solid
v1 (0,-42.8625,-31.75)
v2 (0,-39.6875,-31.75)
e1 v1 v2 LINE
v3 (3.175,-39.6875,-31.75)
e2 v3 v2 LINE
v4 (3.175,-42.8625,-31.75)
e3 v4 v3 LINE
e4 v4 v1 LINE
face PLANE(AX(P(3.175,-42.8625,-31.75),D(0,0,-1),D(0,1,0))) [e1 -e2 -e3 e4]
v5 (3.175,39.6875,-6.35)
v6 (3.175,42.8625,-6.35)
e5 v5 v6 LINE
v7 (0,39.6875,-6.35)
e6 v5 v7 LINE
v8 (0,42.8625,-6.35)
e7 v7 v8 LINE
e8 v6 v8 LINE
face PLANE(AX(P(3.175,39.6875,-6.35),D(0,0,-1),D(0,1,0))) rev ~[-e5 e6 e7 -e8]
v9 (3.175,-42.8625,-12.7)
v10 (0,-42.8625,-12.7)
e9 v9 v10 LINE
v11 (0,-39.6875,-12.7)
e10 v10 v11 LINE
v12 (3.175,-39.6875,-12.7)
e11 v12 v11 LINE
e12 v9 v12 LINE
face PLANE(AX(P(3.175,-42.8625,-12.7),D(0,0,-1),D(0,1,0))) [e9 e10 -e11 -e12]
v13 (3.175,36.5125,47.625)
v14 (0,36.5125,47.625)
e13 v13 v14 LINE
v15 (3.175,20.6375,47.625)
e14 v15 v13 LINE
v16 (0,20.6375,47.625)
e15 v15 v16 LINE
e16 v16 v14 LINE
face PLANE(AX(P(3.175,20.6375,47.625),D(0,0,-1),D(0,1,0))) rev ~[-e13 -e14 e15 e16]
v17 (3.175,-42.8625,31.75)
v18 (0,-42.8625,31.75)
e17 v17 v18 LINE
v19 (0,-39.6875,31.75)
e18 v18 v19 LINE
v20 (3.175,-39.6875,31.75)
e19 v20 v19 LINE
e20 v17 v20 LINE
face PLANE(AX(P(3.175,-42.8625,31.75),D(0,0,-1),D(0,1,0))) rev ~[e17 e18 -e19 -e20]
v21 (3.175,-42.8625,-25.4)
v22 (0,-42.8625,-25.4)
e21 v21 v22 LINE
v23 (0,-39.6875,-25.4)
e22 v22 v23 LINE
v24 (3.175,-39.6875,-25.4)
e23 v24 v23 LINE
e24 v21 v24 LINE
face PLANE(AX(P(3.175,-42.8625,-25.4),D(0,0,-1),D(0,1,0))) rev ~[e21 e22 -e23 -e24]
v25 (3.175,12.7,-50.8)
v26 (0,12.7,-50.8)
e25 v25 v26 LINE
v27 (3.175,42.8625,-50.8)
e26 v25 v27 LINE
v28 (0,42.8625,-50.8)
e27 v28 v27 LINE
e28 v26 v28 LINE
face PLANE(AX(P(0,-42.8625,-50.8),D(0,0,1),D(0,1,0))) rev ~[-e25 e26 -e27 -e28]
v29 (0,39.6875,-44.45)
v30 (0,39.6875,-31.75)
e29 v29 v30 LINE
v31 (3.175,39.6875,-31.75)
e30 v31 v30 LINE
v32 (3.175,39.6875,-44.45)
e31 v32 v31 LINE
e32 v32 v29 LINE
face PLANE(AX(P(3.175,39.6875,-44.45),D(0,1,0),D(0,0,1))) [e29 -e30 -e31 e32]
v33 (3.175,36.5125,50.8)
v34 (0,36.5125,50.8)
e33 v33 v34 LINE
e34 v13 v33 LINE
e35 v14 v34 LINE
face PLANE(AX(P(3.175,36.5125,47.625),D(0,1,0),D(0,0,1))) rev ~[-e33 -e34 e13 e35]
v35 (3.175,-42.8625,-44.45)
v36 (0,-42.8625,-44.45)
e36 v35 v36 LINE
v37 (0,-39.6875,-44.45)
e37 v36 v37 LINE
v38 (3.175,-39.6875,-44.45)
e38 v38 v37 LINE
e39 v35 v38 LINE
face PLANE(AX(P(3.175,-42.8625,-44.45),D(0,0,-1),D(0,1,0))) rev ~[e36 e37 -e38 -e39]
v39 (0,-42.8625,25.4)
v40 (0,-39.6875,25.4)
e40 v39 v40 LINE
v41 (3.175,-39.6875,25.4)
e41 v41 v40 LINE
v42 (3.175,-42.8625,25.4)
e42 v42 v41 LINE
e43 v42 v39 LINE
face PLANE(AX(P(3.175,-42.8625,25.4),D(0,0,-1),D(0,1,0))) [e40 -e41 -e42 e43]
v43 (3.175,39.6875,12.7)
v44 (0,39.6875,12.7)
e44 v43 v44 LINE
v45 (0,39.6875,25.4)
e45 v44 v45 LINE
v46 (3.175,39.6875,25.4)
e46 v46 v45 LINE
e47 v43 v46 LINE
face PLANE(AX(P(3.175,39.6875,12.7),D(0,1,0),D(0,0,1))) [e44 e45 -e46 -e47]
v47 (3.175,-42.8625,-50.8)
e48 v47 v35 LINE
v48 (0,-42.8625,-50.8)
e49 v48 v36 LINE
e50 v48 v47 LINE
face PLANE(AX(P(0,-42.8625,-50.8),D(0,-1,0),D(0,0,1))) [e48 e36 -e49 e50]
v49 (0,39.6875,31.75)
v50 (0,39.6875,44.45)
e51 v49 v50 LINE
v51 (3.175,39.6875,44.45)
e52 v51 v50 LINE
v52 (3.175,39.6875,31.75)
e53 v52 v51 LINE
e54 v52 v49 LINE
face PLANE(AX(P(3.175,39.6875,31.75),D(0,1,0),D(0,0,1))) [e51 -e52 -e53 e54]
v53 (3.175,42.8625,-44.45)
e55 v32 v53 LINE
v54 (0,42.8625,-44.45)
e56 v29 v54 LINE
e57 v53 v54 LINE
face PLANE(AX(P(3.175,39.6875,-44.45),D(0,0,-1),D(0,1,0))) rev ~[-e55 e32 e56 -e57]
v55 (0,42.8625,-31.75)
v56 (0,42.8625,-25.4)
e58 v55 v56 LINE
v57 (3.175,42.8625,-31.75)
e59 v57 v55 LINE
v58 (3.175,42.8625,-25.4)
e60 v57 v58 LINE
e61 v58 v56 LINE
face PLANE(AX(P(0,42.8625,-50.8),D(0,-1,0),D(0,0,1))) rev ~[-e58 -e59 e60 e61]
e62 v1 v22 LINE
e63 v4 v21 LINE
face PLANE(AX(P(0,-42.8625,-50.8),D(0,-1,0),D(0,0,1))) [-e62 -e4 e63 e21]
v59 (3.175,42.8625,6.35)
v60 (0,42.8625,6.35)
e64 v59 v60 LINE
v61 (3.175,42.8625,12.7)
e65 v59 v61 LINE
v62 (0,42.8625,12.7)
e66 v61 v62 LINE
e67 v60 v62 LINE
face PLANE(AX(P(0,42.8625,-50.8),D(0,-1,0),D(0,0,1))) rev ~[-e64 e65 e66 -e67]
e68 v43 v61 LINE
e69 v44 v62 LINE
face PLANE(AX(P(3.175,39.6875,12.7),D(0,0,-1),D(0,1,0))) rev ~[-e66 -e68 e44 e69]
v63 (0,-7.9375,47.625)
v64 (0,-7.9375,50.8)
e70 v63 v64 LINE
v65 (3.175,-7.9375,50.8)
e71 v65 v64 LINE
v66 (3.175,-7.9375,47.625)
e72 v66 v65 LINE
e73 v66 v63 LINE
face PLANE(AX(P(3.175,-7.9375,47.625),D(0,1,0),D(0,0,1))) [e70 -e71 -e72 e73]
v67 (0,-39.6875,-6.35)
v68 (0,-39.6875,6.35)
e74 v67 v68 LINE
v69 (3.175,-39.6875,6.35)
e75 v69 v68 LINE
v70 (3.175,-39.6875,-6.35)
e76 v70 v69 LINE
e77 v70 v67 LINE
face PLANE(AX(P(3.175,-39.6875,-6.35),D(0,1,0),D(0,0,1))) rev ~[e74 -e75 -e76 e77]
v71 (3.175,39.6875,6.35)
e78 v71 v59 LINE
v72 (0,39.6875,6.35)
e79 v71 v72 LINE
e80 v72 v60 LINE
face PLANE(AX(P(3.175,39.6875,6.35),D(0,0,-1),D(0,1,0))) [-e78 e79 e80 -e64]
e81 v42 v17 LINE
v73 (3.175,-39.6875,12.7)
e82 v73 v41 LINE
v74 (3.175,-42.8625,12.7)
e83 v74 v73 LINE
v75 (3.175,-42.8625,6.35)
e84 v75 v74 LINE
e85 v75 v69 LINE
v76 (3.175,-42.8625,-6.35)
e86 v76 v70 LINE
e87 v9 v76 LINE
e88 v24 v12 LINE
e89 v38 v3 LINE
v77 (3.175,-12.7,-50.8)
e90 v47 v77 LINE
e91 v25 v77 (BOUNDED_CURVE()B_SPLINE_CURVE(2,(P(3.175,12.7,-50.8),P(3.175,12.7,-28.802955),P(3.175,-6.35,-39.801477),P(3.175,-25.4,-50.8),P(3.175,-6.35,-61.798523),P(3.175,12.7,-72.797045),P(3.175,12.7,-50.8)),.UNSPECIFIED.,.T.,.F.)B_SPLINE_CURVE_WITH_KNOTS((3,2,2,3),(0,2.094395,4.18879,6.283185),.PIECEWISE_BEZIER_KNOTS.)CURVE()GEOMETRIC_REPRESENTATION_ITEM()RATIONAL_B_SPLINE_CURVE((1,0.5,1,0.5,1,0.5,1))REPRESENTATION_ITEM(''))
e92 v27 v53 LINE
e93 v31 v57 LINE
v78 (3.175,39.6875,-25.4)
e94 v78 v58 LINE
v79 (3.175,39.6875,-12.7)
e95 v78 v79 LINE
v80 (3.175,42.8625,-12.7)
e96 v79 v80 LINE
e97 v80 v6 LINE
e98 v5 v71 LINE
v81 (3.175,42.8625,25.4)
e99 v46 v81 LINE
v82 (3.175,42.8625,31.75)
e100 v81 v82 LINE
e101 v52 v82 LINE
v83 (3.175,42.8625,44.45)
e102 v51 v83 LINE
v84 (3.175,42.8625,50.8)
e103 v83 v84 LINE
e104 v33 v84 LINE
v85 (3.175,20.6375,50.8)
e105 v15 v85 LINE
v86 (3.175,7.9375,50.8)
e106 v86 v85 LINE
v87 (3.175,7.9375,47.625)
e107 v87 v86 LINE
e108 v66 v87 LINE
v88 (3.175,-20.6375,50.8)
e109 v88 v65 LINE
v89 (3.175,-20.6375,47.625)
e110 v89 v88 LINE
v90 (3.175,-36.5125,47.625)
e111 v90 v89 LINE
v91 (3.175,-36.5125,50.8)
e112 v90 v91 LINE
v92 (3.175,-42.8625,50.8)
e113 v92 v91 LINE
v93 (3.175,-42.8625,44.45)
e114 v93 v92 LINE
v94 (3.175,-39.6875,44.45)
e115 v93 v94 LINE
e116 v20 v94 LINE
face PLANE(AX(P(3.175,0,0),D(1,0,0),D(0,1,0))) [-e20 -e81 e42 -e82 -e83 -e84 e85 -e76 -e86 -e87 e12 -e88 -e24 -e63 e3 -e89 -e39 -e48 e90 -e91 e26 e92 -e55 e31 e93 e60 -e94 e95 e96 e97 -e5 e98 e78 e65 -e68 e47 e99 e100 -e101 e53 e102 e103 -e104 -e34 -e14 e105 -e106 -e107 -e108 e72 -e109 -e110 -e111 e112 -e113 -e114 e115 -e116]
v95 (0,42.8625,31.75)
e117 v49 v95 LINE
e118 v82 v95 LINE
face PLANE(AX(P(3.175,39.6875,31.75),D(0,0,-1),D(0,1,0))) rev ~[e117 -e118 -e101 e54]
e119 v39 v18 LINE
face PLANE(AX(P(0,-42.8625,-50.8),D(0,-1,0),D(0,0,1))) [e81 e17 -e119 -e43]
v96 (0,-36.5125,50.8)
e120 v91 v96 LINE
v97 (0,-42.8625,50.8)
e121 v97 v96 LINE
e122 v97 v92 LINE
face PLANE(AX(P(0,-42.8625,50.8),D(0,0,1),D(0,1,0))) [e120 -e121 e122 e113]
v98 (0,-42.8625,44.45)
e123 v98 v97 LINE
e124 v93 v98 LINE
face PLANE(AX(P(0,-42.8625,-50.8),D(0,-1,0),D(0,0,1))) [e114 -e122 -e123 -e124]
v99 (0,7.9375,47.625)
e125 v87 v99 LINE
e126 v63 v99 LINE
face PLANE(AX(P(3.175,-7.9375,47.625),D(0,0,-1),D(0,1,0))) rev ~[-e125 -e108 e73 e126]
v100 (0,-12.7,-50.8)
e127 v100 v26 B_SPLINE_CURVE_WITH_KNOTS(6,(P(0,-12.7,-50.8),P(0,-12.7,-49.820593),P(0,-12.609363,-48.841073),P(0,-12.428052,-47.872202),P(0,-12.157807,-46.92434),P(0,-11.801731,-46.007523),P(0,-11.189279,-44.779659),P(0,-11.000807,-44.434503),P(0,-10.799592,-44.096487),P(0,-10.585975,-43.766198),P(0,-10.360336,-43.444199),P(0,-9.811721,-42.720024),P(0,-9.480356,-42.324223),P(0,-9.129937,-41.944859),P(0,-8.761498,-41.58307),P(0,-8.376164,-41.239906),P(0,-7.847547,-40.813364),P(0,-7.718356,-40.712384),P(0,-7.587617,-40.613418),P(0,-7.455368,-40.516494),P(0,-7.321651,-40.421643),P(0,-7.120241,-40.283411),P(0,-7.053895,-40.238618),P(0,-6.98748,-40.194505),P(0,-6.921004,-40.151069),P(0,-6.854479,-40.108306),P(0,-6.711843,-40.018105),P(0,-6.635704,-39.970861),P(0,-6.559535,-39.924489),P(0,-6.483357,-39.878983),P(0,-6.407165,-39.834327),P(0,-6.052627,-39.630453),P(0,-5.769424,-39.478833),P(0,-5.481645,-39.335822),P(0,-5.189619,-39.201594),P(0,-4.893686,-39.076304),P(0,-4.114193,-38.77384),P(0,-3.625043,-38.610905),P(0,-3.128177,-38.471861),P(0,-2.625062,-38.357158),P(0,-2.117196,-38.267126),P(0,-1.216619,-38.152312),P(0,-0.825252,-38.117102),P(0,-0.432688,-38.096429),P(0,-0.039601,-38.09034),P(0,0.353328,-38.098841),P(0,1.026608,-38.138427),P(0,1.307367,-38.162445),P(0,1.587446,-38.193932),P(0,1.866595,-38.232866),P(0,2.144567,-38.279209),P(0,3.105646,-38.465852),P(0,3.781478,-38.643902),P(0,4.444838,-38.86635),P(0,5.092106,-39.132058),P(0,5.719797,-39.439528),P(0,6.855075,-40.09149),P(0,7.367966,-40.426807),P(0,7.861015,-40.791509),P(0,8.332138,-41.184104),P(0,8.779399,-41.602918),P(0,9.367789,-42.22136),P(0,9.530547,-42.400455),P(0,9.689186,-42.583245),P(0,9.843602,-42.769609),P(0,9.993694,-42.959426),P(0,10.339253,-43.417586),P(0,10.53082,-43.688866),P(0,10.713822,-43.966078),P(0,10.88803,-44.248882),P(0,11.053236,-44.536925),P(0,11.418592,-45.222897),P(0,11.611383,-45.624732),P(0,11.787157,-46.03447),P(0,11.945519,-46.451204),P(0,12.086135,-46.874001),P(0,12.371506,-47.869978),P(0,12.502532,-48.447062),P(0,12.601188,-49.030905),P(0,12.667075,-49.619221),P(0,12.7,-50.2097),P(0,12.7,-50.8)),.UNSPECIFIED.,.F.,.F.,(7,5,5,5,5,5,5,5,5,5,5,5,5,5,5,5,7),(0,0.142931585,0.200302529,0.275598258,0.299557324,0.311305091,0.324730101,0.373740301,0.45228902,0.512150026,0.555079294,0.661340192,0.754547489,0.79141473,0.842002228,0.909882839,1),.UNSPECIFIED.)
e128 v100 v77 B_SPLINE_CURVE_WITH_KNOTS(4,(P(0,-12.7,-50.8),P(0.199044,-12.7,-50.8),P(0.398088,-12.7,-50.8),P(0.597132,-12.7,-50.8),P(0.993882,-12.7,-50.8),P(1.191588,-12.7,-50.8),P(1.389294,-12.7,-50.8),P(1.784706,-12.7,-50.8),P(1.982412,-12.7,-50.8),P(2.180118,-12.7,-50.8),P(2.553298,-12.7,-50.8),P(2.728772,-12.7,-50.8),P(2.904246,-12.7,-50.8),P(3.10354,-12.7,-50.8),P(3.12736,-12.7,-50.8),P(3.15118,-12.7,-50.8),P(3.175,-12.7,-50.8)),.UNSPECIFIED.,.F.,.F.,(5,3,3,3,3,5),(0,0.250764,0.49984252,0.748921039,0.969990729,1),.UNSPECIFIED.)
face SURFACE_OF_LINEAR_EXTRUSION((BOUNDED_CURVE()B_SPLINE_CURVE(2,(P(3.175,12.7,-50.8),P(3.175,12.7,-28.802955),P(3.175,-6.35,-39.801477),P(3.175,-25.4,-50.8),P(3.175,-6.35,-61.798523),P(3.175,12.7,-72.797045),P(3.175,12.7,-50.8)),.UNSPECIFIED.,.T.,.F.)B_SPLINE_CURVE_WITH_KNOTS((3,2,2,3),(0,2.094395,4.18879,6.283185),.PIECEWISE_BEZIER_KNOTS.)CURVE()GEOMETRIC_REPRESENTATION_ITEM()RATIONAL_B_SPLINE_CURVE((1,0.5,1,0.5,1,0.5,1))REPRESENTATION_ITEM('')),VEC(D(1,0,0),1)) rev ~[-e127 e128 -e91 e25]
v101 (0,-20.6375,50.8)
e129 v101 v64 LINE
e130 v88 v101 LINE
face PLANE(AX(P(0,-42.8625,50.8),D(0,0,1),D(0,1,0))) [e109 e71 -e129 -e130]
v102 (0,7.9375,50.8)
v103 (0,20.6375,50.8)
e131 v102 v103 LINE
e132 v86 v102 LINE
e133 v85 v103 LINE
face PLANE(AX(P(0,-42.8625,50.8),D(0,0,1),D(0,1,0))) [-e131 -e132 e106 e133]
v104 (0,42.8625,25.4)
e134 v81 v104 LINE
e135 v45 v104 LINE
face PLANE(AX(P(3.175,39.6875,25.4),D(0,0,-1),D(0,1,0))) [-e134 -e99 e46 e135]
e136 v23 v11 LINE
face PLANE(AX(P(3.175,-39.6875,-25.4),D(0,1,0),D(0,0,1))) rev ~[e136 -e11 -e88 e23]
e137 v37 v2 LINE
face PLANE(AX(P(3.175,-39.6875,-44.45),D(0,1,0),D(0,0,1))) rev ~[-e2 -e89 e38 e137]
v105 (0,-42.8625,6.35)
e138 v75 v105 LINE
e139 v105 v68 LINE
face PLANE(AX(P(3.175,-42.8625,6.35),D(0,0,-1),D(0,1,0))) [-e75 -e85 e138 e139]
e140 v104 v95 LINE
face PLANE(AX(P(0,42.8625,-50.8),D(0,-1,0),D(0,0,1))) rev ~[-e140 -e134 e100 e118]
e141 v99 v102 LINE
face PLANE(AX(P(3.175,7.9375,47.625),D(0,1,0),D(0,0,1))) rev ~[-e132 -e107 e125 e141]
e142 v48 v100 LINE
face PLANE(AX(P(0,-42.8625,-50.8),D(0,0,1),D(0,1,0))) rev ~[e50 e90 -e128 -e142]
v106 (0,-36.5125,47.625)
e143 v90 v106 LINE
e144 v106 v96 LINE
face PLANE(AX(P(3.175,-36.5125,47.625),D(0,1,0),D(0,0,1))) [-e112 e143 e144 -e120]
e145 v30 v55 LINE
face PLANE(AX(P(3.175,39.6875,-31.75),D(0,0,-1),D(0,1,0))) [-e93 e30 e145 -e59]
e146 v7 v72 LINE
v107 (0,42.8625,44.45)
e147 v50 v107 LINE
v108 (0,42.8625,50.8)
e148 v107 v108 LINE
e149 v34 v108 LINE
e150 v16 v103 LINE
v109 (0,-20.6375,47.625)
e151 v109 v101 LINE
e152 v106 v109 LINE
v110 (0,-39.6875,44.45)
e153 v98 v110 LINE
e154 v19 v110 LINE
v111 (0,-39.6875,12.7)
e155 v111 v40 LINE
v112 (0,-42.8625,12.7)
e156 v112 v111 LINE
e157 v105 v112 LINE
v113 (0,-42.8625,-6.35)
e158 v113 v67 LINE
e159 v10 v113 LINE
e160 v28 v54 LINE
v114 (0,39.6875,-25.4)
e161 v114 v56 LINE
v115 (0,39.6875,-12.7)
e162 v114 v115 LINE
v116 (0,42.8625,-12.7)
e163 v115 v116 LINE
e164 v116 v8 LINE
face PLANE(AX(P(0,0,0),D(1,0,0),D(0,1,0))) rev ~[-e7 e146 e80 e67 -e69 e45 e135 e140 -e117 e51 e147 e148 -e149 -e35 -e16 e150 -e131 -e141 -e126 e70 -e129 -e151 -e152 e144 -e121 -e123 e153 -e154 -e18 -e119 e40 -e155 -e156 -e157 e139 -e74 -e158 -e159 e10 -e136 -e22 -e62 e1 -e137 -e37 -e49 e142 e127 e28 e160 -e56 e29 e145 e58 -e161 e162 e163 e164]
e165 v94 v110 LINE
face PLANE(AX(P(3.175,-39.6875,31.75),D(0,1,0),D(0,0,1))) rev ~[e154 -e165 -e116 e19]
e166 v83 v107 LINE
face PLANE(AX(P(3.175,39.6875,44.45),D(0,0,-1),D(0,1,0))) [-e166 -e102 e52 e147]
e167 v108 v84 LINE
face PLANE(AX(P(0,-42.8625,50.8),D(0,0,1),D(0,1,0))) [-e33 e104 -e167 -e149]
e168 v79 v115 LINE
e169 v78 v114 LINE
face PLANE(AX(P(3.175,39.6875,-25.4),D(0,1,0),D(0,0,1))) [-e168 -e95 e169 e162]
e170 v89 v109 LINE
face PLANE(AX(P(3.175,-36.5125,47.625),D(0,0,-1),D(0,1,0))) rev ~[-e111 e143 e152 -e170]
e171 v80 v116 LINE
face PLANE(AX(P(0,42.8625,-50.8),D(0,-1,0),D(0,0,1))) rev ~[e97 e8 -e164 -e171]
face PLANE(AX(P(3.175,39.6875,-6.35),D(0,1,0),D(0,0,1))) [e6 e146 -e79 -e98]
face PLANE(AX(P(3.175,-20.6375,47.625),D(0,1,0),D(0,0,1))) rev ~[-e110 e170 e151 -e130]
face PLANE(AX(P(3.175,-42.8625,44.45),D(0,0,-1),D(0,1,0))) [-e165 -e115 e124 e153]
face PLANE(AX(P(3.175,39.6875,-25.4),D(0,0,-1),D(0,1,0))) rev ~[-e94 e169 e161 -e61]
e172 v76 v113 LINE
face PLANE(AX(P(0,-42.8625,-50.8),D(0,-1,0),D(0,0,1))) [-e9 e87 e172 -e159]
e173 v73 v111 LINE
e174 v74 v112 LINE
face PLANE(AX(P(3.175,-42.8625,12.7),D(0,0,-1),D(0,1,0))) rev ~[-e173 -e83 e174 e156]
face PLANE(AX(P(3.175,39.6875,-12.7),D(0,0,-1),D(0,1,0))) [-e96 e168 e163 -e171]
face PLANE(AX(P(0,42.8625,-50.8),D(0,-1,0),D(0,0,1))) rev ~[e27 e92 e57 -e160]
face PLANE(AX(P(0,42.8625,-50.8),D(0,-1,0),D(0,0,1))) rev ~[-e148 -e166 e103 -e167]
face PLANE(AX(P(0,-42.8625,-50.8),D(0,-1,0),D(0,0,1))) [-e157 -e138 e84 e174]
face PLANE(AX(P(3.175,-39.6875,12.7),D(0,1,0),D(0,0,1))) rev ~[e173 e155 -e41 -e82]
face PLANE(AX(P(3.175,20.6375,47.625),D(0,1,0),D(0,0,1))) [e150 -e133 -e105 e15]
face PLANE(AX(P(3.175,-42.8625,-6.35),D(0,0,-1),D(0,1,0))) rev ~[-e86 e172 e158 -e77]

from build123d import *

# Parameters (mm, degrees)
F0_W     = 85.725
F0_H     = 101.6
F1_DEPTH = 3.175
F2_W     = 3.175
F2_H     = 12.7
F3_DEPTH = 3.176
F4_W     = 15.875
F4_H     = 3.175
F5_DEPTH = 3.176
F7_DEPTH = 3.176


with BuildPart() as f1:
    # F0 (on Right) → F1 (new body)
    with BuildSketch(Plane.YZ):
        Rectangle(F0_W, F0_H)
    extrude(amount=F1_DEPTH)

    # F2 (on face) → F3 (cut, through all)
    with BuildSketch(Plane.YZ.offset(3.175)):
        with Locations((-41.275, -38.1)):
            Rectangle(F2_W, F2_H)
        with Locations((-41.275, -19.05)):
            Rectangle(F2_W, F2_H)
        with Locations((-41.275, 0)):
            Rectangle(F2_W, F2_H)
        with Locations((-41.275, 19.05)):
            Rectangle(F2_W, F2_H)
        with Locations((-41.275, 38.1)):
            Rectangle(F2_W, F2_H)
        with Locations((41.275, -38.1)):
            Rectangle(F2_W, F2_H)
        with Locations((41.275, -19.05)):
            Rectangle(F2_W, F2_H)
        with Locations((41.275, 38.1)):
            Rectangle(F2_W, F2_H)
        with Locations((41.275, 19.05)):
            Rectangle(F2_W, F2_H)
        with Locations((41.275, 0)):
            Rectangle(F2_W, F2_H)
    extrude(amount=-F3_DEPTH, mode=Mode.SUBTRACT)

    # F4 (on face) → F5 (cut, through all)
    with BuildSketch(Plane.YZ.offset(3.175)):
        with Locations((-28.575, 49.2125)):
            Rectangle(F4_W, F4_H)
        with Locations((0, 49.2125)):
            Rectangle(F4_W, F4_H)
        with Locations((28.575, 49.2125)):
            Rectangle(F4_W, F4_H)
    extrude(amount=-F5_DEPTH, mode=Mode.SUBTRACT)

    # F6 (on face) → F7 (cut, through all)
    with BuildSketch(Plane.YZ.offset(3.175)):
        with BuildLine():
            add(Edge.make_bspline(
                [(12.7, -50.8), (12.7, -28.802955), (-6.35, -39.801477), (-25.4, -50.8), (-6.35, -61.798523), (12.7, -72.797045), (12.7, -50.8)],
                knots=[0, 0, 0, 2.094395, 2.094395, 4.18879, 4.18879, 6.283185, 6.283185, 6.283185], degree=2, weights=[1, 0.5, 1, 0.5, 1, 0.5, 1]))
        make_face()
    extrude(amount=-F7_DEPTH, mode=Mode.SUBTRACT)


solid = f1.part
